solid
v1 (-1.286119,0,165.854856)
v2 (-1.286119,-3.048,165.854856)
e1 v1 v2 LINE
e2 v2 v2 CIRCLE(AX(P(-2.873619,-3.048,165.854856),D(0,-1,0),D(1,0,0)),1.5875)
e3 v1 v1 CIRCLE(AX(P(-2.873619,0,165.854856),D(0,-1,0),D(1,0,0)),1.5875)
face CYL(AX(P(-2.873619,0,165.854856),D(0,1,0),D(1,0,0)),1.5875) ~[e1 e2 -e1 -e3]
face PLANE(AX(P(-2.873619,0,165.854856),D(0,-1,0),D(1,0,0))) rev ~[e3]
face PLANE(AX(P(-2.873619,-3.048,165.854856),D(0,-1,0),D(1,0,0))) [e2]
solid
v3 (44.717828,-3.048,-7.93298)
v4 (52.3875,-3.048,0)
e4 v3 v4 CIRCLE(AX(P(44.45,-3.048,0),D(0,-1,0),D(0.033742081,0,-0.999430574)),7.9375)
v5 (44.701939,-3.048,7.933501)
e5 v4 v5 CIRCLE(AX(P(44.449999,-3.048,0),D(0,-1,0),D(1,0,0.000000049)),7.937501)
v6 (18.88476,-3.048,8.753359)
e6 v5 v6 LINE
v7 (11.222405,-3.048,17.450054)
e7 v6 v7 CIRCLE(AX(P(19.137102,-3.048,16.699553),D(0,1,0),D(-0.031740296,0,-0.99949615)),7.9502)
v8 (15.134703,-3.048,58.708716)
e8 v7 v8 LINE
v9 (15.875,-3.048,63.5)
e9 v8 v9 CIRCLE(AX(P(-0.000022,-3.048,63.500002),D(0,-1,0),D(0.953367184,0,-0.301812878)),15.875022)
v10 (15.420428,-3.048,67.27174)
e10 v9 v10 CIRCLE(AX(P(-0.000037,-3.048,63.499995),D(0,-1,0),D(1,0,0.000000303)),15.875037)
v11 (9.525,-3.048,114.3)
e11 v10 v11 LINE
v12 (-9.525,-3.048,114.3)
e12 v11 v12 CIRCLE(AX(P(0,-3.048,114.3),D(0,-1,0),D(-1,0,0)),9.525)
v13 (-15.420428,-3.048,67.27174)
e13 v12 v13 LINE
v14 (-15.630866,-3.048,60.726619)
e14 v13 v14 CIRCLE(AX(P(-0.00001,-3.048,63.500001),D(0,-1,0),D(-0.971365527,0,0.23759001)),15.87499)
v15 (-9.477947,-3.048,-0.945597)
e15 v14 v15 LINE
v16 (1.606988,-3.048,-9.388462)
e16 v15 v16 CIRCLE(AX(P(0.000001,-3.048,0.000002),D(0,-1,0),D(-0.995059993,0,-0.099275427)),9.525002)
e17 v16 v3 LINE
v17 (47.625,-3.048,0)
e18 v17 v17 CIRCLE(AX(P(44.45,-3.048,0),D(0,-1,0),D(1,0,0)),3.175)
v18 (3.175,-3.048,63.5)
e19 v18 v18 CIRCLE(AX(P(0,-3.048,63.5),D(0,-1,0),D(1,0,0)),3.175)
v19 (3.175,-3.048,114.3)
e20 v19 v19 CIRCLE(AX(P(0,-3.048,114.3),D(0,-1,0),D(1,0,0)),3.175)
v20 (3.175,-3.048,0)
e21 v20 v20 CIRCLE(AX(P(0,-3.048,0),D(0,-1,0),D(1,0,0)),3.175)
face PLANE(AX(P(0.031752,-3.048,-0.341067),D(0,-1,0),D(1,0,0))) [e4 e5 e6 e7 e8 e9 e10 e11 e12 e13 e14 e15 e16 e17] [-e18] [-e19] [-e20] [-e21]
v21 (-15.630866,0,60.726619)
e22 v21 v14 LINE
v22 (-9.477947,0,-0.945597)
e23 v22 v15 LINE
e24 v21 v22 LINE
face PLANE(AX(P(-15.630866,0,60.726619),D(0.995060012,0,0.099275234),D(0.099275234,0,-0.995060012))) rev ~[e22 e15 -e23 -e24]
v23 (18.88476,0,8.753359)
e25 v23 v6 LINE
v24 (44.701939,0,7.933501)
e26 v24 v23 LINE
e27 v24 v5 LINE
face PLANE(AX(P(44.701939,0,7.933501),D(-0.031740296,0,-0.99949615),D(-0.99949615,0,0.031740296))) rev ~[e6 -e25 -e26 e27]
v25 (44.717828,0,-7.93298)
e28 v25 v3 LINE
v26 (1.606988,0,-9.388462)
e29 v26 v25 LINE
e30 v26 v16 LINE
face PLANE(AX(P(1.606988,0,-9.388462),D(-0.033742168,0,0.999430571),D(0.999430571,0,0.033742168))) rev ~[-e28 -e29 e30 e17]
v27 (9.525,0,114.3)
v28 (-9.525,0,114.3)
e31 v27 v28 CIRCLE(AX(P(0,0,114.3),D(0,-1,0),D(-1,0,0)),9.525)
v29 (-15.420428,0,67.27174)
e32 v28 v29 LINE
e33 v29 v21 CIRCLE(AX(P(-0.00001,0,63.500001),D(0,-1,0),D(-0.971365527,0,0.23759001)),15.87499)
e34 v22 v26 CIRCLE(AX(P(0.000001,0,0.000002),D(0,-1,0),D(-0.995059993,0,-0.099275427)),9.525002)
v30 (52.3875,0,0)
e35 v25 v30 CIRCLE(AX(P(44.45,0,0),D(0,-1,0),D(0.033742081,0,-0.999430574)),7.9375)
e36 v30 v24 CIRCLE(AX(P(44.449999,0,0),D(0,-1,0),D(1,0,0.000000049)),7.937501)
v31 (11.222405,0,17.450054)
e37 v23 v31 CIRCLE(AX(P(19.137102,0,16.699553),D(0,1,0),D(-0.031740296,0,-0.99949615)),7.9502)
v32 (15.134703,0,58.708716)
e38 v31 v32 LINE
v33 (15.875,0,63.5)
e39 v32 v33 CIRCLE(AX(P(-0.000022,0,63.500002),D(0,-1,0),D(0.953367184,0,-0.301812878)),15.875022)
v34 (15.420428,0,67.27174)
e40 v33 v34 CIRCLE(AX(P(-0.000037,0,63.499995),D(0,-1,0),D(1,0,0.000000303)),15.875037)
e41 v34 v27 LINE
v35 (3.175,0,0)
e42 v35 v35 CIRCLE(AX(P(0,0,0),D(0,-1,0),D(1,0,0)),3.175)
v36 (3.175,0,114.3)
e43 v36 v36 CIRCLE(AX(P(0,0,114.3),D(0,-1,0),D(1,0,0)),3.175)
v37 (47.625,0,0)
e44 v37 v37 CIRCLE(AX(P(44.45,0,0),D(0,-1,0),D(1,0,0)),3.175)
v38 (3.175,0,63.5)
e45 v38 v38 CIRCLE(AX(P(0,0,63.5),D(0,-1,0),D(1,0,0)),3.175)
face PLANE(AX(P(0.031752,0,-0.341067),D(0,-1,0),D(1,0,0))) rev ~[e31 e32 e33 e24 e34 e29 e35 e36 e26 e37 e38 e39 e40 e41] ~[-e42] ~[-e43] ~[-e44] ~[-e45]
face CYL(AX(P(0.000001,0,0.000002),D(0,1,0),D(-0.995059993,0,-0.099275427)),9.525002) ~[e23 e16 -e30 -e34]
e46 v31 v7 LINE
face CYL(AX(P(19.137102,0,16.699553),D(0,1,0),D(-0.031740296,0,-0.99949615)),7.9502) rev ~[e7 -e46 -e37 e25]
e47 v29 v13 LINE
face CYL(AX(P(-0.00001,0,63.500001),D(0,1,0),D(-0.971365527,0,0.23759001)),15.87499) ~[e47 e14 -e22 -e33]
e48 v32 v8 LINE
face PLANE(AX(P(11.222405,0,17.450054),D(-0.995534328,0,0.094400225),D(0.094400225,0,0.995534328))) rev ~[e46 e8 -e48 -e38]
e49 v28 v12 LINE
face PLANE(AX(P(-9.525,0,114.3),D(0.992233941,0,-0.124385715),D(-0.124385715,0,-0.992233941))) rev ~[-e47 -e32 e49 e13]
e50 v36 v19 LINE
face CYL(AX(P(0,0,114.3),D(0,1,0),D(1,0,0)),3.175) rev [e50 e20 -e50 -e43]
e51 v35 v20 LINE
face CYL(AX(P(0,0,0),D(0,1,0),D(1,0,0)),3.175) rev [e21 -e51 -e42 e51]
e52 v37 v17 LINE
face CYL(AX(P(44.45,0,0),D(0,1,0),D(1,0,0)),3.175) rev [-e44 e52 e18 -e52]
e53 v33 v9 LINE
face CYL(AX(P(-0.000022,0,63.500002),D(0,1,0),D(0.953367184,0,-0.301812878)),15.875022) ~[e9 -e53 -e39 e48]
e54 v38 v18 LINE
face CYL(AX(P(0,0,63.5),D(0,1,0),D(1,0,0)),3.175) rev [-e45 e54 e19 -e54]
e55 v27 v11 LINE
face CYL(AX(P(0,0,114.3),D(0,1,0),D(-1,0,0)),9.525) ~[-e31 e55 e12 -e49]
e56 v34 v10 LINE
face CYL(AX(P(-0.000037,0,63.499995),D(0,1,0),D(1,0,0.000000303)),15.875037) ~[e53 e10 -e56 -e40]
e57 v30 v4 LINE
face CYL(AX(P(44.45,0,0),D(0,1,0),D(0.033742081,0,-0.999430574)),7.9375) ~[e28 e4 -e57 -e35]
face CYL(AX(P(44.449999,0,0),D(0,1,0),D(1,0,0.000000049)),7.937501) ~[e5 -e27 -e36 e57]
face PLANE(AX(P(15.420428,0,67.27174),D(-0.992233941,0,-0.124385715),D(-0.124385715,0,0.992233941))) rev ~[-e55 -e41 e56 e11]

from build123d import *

# Parameters (mm, degrees)
F0_R     = 3.175
F0_R_2   = 1.5875
F1_DEPTH = 3.048


with BuildPart() as f1:
    # F0 (on Front) → F1 (new body)
    with BuildSketch(Plane.XZ):
        with BuildLine():
            ThreePointArc((1.606988, -9.388462), (7.281215, -6.140809), (9.525, 0))
            ThreePointArc((9.525, 0), (-0.473383, 9.513229), (-9.477947, -0.945597))
            ThreePointArc((-9.477947, -0.945597), (-5.771351, -7.577409), (1.606988, -9.388462))
        make_face()
        Circle(F0_R, mode=Mode.SUBTRACT)
        with BuildLine():
            ThreePointArc((-9.477947, -0.945597), (-0.473383, 9.513229), (9.525, 0))
            ThreePointArc((9.525, 0), (7.281215, -6.140809), (1.606988, -9.388462))
            Line((1.606988, -9.388462), (44.717828, -7.93298))
            ThreePointArc((44.717828, -7.93298), (36.512504, -0.007949), (44.701939, 7.933501))
            Line((44.701939, 7.933501), (18.88476, 8.753359))
            ThreePointArc((18.88476, 8.753359), (13.171931, 11.44385), (11.222405, 17.450054))
            Line((11.222405, 17.450054), (15.134703, 58.708716))
            ThreePointArc((15.134703, 58.708716), (-1.039003, 47.659037), (-15.630866, 60.726619))
            Line((-15.630866, 60.726619), (-9.477947, -0.945597))
        make_face()
        with BuildLine():
            ThreePointArc((-15.420428, 67.27174), (-15.866801, 64.010148), (-15.630866, 60.726619))
            ThreePointArc((-15.630866, 60.726619), (-1.039003, 47.659037), (15.134703, 58.708716))
            ThreePointArc((15.134703, 58.708716), (15.688834, 61.075931), (15.875, 63.5))
            ThreePointArc((15.875, 63.5), (15.760947, 65.399517), (15.420428, 67.27174))
            ThreePointArc((15.420428, 67.27174), (0, 79.375), (-15.420428, 67.27174))
        make_face()
        with Locations((0, 63.5)):
            Circle(F0_R, mode=Mode.SUBTRACT)
        with BuildLine():
            ThreePointArc((44.701939, 7.933501), (36.512504, -0.007949), (44.717828, -7.93298))
            ThreePointArc((44.717828, -7.93298), (50.156566, -5.517156), (52.3875, 0))
            ThreePointArc((52.3875, 0), (50.151038, 5.522868), (44.701939, 7.933501))
        make_face()
        with Locations((44.45, 0)):
            Circle(F0_R, mode=Mode.SUBTRACT)
        with BuildLine():
            Line((-9.525, 114.3), (-15.420428, 67.27174))
            ThreePointArc((-15.420428, 67.27174), (0, 79.375), (15.420428, 67.27174))
            Line((15.420428, 67.27174), (9.525, 114.3))
            ThreePointArc((9.525, 114.3), (0, 104.775), (-9.525, 114.3))
        make_face()
        with BuildLine():
            ThreePointArc((9.525, 114.3), (0, 123.825), (-9.525, 114.3))
            ThreePointArc((-9.525, 114.3), (0, 104.775), (9.525, 114.3))
        make_face()
        with Locations((0, 114.3)):
            Circle(F0_R, mode=Mode.SUBTRACT)
        with Locations((-2.873619, 165.854856)):
            Circle(F0_R_2)
    extrude(amount=F1_DEPTH)


solid = f1.part
